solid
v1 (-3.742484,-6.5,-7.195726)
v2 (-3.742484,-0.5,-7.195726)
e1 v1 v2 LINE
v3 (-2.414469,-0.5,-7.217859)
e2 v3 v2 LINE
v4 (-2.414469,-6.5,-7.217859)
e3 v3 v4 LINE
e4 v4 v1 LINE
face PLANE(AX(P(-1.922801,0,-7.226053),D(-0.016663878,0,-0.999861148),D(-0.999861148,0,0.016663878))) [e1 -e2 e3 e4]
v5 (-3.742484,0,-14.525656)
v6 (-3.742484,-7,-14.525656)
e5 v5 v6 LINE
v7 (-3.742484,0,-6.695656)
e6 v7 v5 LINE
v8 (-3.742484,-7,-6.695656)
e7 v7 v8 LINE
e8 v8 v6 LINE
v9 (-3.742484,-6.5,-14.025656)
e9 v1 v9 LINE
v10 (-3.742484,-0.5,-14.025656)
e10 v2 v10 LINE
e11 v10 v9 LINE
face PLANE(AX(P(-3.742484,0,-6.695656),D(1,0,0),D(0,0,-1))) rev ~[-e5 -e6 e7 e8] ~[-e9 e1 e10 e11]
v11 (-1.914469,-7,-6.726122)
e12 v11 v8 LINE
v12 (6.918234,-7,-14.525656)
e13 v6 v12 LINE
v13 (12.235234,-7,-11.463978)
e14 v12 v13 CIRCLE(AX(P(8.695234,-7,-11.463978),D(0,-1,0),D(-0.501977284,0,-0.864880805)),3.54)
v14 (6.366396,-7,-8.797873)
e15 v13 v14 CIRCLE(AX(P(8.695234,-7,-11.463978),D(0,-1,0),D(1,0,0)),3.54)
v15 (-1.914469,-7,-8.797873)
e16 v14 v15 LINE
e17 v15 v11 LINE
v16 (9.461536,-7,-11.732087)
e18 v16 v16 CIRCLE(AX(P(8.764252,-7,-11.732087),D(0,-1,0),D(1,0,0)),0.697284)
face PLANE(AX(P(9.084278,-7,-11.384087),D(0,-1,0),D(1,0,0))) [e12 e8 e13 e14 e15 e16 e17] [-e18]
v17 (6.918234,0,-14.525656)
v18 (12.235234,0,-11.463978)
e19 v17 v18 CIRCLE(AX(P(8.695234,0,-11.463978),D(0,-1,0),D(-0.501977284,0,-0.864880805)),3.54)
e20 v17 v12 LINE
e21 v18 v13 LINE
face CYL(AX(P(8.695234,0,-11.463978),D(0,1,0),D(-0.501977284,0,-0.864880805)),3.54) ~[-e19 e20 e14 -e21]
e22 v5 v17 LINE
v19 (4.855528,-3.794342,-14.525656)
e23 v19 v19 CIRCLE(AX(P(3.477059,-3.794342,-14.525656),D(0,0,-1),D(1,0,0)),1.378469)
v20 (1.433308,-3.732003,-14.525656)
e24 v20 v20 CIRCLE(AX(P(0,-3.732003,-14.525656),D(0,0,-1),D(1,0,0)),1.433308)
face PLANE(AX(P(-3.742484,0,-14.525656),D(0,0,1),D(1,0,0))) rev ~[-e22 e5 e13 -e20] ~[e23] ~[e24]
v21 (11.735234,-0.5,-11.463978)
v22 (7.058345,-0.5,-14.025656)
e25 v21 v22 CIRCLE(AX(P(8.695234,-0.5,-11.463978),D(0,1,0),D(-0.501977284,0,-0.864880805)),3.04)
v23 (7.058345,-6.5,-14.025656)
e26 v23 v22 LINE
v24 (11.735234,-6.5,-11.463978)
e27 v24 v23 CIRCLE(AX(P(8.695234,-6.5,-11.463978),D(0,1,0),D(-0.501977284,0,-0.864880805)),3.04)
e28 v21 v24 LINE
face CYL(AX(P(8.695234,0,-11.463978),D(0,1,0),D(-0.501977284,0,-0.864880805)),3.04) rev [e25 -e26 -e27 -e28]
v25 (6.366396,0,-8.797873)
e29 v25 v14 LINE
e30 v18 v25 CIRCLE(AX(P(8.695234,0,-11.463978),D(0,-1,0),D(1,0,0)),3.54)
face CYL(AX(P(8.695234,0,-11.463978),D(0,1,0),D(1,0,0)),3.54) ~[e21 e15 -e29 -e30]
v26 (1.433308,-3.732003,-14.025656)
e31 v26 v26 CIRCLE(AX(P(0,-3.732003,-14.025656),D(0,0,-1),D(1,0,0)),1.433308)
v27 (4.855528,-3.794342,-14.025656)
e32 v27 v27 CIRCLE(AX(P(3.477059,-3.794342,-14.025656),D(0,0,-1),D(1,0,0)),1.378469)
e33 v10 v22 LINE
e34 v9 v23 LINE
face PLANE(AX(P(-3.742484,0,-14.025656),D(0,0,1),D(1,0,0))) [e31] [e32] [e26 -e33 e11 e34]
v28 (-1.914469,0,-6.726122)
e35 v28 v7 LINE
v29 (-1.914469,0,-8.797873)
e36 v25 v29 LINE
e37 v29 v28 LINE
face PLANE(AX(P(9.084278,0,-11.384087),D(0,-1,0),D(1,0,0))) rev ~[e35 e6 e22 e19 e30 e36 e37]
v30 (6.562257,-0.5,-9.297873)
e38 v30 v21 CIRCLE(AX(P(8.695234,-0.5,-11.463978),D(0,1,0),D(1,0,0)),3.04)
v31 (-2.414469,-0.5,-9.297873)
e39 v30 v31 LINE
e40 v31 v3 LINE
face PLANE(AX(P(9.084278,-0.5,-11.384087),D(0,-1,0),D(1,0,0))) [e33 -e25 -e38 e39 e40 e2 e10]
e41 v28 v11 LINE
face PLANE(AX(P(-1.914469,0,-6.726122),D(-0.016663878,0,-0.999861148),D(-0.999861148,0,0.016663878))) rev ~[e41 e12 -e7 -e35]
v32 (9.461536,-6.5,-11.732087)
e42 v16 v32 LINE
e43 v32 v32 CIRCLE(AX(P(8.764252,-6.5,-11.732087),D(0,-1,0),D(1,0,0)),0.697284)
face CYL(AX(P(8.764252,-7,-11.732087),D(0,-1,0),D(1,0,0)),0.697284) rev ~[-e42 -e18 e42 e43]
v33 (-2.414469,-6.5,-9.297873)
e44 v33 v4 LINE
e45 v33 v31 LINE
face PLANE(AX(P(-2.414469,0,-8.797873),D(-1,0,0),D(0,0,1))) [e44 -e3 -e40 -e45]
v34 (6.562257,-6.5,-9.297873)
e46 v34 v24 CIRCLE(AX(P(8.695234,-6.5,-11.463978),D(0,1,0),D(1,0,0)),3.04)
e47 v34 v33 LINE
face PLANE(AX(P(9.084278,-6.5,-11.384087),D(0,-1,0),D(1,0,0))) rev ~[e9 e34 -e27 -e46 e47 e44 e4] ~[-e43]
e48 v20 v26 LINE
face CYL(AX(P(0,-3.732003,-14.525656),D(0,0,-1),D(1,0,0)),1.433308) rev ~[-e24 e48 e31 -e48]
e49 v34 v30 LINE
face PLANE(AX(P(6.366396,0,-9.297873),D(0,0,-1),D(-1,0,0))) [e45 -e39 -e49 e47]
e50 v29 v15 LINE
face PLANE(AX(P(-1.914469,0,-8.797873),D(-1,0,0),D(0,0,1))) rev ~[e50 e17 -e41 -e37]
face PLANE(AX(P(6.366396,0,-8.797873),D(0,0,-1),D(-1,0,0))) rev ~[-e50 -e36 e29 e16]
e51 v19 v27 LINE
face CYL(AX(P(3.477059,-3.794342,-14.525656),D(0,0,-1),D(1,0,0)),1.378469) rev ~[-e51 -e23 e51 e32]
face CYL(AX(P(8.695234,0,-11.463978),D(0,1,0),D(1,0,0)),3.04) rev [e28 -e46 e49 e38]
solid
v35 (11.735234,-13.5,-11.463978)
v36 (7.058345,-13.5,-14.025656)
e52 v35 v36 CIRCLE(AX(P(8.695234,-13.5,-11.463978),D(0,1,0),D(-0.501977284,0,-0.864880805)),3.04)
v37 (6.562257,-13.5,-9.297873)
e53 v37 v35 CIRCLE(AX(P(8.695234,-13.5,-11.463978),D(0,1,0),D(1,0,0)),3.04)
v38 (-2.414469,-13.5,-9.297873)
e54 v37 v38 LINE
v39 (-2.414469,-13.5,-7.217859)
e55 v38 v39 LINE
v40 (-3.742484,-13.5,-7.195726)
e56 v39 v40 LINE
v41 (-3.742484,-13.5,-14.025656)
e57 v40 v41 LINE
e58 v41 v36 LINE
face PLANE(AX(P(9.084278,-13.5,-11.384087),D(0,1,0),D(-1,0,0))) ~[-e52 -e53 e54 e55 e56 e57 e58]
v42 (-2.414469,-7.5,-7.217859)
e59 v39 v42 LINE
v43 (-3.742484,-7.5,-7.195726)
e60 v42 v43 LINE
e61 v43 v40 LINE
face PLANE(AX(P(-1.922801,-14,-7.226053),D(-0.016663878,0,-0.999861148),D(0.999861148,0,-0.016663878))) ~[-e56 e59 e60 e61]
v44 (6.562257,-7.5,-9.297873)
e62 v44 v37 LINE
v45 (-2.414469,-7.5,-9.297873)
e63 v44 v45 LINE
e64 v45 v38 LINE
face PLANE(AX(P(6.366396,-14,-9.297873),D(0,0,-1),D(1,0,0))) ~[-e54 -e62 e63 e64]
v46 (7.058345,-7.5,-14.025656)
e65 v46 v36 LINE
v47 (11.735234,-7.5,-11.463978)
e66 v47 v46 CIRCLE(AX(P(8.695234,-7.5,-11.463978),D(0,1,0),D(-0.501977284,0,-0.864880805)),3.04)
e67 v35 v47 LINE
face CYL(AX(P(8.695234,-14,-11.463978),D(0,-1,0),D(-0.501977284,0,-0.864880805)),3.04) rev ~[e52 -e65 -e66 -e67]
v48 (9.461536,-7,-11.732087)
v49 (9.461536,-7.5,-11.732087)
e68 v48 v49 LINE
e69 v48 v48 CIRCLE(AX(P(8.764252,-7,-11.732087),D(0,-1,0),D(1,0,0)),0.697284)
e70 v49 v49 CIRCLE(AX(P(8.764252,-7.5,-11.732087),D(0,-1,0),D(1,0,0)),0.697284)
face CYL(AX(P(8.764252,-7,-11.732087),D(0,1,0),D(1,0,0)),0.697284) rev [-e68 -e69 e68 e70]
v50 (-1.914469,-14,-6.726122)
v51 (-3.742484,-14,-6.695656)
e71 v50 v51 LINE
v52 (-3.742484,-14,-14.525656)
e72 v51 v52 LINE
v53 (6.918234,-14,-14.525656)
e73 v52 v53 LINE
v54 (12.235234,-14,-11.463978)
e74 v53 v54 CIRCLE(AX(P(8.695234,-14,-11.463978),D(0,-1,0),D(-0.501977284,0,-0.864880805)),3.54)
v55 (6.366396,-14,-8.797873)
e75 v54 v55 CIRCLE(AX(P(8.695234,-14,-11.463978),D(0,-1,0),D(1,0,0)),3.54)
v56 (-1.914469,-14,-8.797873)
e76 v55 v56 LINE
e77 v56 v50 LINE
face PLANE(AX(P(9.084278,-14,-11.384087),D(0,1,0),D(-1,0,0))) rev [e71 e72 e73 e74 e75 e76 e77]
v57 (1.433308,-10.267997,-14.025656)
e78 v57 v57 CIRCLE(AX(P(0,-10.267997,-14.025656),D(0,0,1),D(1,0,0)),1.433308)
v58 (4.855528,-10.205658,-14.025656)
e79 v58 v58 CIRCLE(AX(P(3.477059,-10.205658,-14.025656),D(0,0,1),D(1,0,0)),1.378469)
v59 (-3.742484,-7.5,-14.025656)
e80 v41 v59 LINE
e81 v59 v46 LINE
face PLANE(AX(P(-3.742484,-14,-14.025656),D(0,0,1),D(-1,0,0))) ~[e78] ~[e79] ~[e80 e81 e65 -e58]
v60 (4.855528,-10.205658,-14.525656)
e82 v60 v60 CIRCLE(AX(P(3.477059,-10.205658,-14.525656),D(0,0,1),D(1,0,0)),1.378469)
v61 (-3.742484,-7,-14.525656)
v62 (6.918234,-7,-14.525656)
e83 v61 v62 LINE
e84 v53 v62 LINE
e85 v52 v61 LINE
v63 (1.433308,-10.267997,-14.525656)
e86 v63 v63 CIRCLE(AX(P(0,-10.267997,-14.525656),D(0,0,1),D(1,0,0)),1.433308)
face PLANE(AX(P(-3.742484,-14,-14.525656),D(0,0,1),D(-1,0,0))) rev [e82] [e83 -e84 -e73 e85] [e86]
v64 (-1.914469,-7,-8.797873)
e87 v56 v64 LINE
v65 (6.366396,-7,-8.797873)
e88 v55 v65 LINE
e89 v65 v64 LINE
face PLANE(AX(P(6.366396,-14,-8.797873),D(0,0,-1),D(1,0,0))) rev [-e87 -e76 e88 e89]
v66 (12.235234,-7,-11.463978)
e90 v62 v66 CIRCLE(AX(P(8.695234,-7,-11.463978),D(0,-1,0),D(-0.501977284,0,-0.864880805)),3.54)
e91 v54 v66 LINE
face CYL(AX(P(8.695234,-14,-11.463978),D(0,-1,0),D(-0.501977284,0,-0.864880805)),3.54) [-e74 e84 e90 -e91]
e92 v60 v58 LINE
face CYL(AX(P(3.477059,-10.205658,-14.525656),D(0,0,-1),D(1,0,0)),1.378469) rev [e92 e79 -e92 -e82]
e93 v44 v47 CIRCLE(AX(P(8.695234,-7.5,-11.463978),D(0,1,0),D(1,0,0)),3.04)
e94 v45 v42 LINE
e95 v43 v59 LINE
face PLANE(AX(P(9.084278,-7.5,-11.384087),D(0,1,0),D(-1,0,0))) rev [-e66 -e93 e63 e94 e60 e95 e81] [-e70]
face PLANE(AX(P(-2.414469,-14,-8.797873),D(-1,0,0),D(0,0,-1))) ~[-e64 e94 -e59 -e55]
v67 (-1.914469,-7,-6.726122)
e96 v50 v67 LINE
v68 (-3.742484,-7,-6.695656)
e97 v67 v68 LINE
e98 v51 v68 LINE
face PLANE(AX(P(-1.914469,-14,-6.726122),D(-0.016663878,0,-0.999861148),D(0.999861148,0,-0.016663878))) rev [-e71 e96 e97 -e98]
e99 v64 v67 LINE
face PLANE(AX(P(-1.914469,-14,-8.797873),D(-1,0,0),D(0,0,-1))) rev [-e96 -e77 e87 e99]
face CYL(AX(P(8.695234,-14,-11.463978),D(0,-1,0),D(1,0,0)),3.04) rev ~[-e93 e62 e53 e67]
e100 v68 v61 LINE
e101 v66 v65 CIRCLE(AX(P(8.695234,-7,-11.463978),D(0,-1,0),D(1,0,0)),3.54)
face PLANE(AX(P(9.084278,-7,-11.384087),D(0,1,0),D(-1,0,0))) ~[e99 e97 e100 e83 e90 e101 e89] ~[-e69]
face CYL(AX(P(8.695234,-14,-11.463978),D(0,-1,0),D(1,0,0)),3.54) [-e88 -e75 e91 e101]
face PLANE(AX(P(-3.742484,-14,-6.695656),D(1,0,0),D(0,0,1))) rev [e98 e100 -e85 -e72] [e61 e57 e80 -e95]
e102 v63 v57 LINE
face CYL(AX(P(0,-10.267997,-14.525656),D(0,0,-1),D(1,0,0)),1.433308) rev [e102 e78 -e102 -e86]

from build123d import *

# Parameters (mm, degrees)
F1_DEPTH = 7
F2_T     = -0.5
F3_R     = 1.3784685207
F3_R_2   = 1.433307667
F4_DEPTH = 0.5
F6_R     = 0.6972835292
F7_DEPTH = 0.5


with BuildPart() as f1:
    # F0 (on Front) → F1 (new body)
    with BuildSketch(Plane.XZ):
        with BuildLine():
            Line((7.3175162697, -14.5256563758), (6.9182340267, -14.5256563758))
            ThreePointArc((6.9182340267, -14.5256563758), (10.4617303531, -14.5317281984), (12.2352336133, -11.4639783278))
            ThreePointArc((12.2352336133, -11.4639783278), (10.1593911767, -8.2409606999), (6.3663959695, -8.7978734482))
            Line((6.3663959695, -8.7978734482), (7.3175162697, -8.7978734482))
            Line((7.3175162697, -8.7978734482), (7.3175162697, -14.5256563758))
        make_face()
        with BuildLine():
            ThreePointArc((6.3663959695, -8.7978734482), (5.1715495813, -11.8034644737), (6.9182340267, -14.5256563758))
            Line((6.9182340267, -14.5256563758), (7.3175162697, -14.5256563758))
            Line((7.3175162697, -14.5256563758), (7.3175162697, -8.7978734482))
            Line((7.3175162697, -8.7978734482), (6.3663959695, -8.7978734482))
        make_face()
        with BuildLine():
            Line((-3.7424837303, -6.6956563758), (-3.7424837303, -14.5256563758))
            Line((-3.7424837303, -14.5256563758), (6.9182340267, -14.5256563758))
            ThreePointArc((6.9182340267, -14.5256563758), (5.1715495813, -11.8034644737), (6.3663959695, -8.7978734482))
            Line((6.3663959695, -8.7978734482), (-1.9144690588, -8.7978734482))
            Line((-1.9144690588, -8.7978734482), (-1.9144690588, -6.7261224193))
            Line((-1.9144690588, -6.7261224193), (-3.7424837303, -6.6956563758))
        make_face()
    extrude(amount=F1_DEPTH)

    # F2
    f2_openings = [f1.faces().sort_by_distance(p)[0] for p in [
        (-3.742484, -3.5, -10.610656),
    ]]
    offset(amount=F2_T, openings=f2_openings, kind=Kind.INTERSECTION)

    # F3 (on face) → F4 (cut, through all)
    with BuildSketch(Plane(origin=(0, 0, -14.5256563758), x_dir=(1, 0, 0), z_dir=(0, 0, -1))):
        with Locations((3.4770593047, 3.7943422794)):
            Circle(F3_R)
        with Locations((0, 3.7320032716)):
            Circle(F3_R_2)
    extrude(amount=-F4_DEPTH, mode=Mode.SUBTRACT)

    # F6 (on face) → F7 (cut, through all)
    with BuildSketch(Plane.XZ.offset(7)):
        with Locations((8.7642520666, -11.7320865393)):
            Circle(F6_R)
    extrude(amount=-F7_DEPTH, mode=Mode.SUBTRACT)


with BuildPart() as f8_1:
    # F8: instance of F1
    add(f1.part.mirror(Plane.XZ.offset(7)))


solid = Compound([f1.part, f8_1.part])
